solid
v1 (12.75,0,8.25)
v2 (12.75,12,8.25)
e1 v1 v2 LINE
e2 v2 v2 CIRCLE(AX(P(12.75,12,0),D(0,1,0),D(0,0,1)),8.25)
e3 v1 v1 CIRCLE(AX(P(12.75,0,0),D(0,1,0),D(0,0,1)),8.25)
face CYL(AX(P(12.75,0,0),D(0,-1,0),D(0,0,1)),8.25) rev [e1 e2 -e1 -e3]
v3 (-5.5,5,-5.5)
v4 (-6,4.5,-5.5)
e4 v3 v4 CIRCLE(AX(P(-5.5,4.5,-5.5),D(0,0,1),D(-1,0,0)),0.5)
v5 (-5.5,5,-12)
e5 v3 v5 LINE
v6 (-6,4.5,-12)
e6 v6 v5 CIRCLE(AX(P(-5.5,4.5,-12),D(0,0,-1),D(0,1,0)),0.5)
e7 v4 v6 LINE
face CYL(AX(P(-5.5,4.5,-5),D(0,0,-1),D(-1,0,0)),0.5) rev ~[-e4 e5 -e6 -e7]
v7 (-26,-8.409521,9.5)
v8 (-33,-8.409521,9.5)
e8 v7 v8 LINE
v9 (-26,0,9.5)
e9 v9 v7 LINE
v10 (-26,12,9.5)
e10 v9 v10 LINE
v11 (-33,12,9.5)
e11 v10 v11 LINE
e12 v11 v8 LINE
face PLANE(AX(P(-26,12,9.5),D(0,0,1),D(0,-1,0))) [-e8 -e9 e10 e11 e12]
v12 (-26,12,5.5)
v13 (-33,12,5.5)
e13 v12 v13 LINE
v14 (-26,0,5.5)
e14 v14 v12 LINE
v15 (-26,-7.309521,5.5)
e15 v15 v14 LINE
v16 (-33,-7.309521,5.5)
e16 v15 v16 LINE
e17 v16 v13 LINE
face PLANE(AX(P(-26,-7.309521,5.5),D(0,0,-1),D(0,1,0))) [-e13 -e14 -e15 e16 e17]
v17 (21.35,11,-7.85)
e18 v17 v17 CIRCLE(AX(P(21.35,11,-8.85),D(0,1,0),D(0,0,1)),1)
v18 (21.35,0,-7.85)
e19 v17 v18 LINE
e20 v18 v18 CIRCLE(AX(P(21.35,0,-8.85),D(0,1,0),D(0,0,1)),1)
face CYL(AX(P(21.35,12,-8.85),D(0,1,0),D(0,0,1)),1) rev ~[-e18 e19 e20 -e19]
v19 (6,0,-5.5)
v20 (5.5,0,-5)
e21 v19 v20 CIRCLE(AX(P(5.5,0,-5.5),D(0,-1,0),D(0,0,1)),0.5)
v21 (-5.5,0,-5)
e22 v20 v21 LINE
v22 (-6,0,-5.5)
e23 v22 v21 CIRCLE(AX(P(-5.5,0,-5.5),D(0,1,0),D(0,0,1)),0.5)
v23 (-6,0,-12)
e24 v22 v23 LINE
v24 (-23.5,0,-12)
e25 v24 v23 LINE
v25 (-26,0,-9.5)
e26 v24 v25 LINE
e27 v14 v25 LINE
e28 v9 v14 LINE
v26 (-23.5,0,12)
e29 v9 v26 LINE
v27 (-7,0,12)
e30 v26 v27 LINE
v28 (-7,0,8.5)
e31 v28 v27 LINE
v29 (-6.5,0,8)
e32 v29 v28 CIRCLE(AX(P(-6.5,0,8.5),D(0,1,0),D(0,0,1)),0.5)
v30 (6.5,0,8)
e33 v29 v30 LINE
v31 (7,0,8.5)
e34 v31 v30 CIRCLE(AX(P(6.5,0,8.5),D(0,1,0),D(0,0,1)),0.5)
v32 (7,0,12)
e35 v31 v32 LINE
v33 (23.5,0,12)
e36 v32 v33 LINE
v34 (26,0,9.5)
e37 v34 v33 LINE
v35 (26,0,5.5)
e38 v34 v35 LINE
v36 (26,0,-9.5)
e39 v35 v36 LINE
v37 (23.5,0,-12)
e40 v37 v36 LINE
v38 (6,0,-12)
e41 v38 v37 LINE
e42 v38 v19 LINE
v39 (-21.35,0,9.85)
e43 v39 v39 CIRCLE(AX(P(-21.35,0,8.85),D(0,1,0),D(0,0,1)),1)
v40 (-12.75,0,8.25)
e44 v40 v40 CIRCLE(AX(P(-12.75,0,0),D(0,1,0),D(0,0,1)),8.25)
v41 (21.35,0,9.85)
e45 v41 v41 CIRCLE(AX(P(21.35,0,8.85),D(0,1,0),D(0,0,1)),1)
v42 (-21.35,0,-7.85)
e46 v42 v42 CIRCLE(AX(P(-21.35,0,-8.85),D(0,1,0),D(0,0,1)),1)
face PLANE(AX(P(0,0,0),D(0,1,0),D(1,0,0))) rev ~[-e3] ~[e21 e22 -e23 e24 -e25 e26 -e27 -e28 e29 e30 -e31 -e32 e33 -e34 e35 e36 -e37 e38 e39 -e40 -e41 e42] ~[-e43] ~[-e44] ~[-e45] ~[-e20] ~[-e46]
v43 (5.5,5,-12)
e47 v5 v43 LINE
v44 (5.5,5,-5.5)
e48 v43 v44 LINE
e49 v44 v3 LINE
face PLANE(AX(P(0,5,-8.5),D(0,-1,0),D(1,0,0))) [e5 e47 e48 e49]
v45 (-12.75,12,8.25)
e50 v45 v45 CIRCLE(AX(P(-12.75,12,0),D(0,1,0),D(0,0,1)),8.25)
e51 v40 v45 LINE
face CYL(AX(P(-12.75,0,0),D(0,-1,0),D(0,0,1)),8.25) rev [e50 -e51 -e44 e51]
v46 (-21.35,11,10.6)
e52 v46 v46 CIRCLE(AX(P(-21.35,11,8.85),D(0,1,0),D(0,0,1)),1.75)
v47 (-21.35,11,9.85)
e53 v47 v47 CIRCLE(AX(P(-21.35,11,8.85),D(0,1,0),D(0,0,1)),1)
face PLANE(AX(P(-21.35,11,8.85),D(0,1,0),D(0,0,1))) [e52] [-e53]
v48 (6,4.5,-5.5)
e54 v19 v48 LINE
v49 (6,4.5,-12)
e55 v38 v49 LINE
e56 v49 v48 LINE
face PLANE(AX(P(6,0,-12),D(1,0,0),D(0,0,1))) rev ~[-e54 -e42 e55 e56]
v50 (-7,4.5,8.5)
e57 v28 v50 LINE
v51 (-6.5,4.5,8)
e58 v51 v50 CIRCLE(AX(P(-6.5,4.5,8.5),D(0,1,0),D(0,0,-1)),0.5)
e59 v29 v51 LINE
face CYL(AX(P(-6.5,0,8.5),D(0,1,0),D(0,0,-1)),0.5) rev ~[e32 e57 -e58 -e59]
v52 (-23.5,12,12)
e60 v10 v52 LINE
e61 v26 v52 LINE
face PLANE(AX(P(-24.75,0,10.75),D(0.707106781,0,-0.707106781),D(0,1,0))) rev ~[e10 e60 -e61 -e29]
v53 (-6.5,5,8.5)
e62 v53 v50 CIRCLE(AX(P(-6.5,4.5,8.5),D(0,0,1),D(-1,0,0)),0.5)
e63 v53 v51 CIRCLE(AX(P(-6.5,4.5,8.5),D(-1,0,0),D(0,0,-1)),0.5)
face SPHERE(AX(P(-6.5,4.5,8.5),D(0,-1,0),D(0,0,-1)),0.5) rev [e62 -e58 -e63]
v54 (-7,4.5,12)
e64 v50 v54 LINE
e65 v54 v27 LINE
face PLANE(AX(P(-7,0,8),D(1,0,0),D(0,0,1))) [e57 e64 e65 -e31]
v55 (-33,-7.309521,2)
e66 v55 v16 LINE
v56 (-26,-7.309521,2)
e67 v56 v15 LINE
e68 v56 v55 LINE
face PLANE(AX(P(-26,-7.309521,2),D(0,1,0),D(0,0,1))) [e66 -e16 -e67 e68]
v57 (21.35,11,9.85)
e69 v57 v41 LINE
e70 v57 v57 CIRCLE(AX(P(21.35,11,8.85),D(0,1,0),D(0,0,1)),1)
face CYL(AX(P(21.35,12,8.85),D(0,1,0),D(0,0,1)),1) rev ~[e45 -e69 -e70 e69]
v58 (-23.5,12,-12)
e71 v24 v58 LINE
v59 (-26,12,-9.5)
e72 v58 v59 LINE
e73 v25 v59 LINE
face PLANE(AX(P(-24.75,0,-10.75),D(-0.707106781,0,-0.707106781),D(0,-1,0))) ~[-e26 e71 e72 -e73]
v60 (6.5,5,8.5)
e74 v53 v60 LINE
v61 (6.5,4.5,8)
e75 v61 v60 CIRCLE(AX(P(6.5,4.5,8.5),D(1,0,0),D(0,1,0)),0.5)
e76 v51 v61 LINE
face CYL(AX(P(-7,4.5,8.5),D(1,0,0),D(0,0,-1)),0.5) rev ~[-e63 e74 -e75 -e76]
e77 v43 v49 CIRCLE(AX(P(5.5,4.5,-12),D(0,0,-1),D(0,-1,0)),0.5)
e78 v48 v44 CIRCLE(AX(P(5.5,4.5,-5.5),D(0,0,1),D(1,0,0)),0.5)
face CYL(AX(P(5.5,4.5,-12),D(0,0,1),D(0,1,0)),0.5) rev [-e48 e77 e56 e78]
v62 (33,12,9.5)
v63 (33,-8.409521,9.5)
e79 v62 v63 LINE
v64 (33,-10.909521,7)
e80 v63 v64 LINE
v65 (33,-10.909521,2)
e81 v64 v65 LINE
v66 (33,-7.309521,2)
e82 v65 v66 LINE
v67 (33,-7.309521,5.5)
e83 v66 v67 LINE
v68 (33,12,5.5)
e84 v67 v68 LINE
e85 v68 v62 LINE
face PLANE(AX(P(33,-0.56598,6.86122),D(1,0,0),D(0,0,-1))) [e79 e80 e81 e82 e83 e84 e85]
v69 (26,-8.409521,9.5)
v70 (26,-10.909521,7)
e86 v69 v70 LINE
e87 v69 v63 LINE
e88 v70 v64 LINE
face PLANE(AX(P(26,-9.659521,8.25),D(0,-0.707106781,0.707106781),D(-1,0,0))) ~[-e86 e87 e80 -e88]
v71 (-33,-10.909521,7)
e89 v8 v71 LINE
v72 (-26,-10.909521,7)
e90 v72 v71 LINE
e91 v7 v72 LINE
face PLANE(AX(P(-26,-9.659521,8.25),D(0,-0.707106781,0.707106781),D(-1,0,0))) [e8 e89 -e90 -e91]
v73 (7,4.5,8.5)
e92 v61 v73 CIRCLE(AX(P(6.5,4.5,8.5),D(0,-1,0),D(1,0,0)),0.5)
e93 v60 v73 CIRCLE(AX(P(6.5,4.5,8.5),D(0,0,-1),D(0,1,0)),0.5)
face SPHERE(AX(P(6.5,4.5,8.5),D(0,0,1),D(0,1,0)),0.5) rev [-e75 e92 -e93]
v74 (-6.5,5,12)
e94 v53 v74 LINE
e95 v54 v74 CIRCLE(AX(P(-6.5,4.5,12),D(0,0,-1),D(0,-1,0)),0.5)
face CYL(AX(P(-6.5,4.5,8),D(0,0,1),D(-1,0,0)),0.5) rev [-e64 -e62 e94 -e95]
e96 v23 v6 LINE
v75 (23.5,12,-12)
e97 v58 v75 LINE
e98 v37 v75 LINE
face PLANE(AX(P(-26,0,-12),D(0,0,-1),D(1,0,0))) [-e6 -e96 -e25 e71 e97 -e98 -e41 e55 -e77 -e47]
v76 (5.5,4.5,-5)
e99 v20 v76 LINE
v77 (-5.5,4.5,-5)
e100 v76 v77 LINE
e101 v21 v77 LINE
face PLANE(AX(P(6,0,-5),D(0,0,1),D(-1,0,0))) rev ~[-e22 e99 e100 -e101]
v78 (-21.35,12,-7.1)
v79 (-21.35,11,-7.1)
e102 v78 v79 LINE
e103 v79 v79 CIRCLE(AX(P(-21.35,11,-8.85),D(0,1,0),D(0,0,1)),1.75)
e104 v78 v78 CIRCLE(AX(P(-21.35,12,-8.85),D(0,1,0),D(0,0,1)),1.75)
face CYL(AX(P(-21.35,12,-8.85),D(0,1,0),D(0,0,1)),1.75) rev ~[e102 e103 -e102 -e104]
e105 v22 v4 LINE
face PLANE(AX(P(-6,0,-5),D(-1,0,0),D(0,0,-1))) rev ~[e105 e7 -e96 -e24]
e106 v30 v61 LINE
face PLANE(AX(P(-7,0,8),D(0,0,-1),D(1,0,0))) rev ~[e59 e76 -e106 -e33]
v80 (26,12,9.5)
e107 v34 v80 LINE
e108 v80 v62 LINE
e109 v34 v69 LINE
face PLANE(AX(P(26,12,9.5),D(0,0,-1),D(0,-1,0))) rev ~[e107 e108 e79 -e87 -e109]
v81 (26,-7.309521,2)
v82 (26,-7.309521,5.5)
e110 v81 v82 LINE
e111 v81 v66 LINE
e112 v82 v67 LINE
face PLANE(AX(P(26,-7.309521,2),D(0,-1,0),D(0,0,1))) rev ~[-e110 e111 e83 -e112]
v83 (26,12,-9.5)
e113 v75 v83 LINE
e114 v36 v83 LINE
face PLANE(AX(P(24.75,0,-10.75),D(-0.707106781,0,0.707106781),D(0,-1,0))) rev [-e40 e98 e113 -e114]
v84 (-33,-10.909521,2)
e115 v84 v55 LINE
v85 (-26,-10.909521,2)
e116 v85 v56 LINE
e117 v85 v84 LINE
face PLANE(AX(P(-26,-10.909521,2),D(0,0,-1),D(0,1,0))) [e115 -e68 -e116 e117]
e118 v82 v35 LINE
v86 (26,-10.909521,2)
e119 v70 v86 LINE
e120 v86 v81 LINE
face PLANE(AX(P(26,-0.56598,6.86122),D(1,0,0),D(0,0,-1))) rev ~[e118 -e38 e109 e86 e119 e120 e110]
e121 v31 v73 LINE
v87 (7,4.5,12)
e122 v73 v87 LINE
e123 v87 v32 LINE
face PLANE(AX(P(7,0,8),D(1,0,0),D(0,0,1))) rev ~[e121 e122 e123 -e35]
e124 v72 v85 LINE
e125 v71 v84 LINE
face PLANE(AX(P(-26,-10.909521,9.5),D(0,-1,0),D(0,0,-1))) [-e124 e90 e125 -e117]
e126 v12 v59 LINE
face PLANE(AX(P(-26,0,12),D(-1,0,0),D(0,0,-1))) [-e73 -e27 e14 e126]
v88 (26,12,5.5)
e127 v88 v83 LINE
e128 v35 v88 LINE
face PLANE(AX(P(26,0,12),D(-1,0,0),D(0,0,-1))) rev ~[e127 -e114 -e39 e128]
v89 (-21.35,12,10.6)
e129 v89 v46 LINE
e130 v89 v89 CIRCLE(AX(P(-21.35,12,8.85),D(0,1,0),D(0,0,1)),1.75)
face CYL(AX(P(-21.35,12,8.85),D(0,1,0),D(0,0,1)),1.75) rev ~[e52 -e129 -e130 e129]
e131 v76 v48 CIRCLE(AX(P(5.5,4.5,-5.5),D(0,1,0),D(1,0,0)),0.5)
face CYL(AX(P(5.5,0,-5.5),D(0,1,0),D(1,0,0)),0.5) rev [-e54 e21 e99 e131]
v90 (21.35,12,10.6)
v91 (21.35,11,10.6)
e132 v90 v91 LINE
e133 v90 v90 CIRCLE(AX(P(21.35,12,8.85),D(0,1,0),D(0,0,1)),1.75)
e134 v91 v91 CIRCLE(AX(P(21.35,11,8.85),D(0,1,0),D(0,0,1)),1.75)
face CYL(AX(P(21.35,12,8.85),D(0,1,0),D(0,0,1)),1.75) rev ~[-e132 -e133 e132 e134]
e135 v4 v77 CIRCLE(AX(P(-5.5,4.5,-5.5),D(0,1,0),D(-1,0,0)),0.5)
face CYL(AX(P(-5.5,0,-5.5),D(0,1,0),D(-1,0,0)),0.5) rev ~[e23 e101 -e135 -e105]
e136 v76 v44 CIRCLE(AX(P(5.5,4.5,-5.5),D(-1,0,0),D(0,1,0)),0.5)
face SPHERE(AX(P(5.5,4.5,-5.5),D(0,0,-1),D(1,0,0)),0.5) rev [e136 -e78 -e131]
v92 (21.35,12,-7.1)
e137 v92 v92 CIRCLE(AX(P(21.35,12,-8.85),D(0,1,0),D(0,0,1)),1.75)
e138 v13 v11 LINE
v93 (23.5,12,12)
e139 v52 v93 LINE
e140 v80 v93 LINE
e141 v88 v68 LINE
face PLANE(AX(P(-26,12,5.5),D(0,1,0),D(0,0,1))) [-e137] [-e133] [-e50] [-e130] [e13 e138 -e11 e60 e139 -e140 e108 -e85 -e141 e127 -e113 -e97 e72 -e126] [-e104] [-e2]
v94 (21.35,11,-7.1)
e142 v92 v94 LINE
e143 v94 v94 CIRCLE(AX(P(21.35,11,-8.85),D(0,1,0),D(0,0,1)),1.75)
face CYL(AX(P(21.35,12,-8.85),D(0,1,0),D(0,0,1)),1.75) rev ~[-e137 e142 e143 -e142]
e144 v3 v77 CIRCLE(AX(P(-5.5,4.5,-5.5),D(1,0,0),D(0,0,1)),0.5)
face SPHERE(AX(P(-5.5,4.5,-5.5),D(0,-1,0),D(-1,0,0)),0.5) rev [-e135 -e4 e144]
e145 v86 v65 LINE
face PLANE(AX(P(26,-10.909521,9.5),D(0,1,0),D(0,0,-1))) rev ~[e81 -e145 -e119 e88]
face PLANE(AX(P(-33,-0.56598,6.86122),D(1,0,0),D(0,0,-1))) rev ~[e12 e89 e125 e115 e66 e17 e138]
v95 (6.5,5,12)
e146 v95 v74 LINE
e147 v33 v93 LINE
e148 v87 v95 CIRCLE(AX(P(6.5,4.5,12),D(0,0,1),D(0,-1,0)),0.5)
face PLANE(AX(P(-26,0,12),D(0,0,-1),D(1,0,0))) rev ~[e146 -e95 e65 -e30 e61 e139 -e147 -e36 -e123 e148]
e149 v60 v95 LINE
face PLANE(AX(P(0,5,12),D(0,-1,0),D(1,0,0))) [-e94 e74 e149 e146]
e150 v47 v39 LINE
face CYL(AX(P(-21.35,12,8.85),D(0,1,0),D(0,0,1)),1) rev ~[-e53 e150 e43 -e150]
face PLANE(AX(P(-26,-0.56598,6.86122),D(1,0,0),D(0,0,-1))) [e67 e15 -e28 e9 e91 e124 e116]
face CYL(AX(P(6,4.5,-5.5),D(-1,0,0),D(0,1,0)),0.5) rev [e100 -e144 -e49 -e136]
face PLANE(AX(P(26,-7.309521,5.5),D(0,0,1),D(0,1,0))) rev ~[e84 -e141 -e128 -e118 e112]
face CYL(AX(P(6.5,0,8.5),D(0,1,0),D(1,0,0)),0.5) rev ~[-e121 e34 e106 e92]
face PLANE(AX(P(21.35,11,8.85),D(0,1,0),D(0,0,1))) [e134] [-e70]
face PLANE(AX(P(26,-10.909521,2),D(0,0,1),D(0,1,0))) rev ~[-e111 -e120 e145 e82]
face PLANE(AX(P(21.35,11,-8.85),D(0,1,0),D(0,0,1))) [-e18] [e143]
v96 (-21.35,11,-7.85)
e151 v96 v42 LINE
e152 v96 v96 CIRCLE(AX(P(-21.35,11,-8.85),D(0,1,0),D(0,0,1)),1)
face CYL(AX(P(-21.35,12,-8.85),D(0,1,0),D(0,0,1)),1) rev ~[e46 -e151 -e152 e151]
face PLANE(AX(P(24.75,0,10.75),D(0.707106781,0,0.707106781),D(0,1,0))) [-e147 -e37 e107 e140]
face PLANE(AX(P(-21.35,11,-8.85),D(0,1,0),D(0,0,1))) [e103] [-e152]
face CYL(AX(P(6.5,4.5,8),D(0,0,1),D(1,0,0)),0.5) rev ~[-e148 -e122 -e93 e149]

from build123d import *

# Parameters (mm, degrees)
SKETCH1_W           = 52
SKETCH1_H           = 24
SKETCH1_R           = 8.25
BOSS_EXTRUDE1_DEPTH = 12
SKETCH2_R           = 1
CUT_EXTRUDE1_DEPTH  = 32.048349393
SKETCH3_R           = 1.75
CUT_EXTRUDE2_DEPTH  = 1
CUT_EXTRUDE3_DEPTH  = 5
FILLET3_R           = 0.5
CHAMFER1_SIZE       = 2.5
SKETCH5_W           = 14
SKETCH5_H           = 8
CUT_EXTRUDE4_DEPTH  = 5
FILLET4_R           = 0.5
BOSS_EXTRUDE2_DEPTH = 7
BOSS_EXTRUDE3_START = -52
BOSS_EXTRUDE3_DEPTH = 7
CHAMFER2_SIZE       = 2.5


with BuildPart() as part:
    # Sketch1 → Boss-Extrude1 (new body)
    with BuildSketch(Plane(origin=(0, 0, 0), x_dir=(1, 0, 0), z_dir=(0, 1, 0))):
        Rectangle(SKETCH1_W, SKETCH1_H)
        with Locations(Location((12.75, 0, 0), (0, 0, 270))):
            Circle(SKETCH1_R, mode=Mode.SUBTRACT)
        with Locations(Location((-12.75, 0, 0), (0, 0, 270))):
            Circle(SKETCH1_R, mode=Mode.SUBTRACT)
    extrude(amount=BOSS_EXTRUDE1_DEPTH)

    # Sketch2 → Cut-Extrude1 (cut, through all)
    with BuildSketch(Plane(origin=(0, 12, 0), x_dir=(1, 0, 0), z_dir=(0, 1, 0))):
        with Locations(Location((-21.35, 8.85, 0), (0, 0, 270))):
            Circle(SKETCH2_R)
        with Locations(Location((21.35, 8.85, 0), (0, 0, 270))):
            Circle(SKETCH2_R)
        with Locations(Location((21.35, -8.85, 0), (0, 0, 270))):
            Circle(SKETCH2_R)
        with Locations(Location((-21.35, -8.85, 0), (0, 0, 270))):
            Circle(SKETCH2_R)
    extrude(amount=-CUT_EXTRUDE1_DEPTH, mode=Mode.SUBTRACT)

    # Sketch3 → Cut-Extrude2 (cut)
    with BuildSketch(Plane(origin=(0, 12, 0), x_dir=(1, 0, 0), z_dir=(0, 1, 0))):
        with Locations(Location((-21.35, 8.85, 0), (0, 0, 270))):
            Circle(SKETCH3_R)
        with Locations(Location((21.35, 8.85, 0), (0, 0, 270))):
            Circle(SKETCH3_R)
        with Locations(Location((21.35, -8.85, 0), (0, 0, 270))):
            Circle(SKETCH3_R)
        with Locations(Location((-21.35, -8.85, 0), (0, 0, 270))):
            Circle(SKETCH3_R)
    extrude(amount=-CUT_EXTRUDE2_DEPTH, mode=Mode.SUBTRACT)

    # Sketch4 → Cut-Extrude3 (cut)
    with BuildSketch(Plane.XZ):
        Polygon((-6, -5), (-6, -12), (6, -12), (6, -5), (0, -5), align=None)
    extrude(amount=-CUT_EXTRUDE3_DEPTH, mode=Mode.SUBTRACT)

    # Fillet3
    fillet3_edges = [part.edges().sort_by_distance(p)[0] for p in [
        (-6, 2.5, -5),
        (6, 5, -8.5),
        (6, 2.5, -5),
        (-6, 5, -8.5),
        (0, 5, -5),
    ]]
    fillet(fillet3_edges, radius=FILLET3_R)

    # Chamfer1
    chamfer1_edges = [part.edges().sort_by_distance(p)[0] for p in [
        (26, 6, 12),
        (-26, 6, 12),
        (-26, 6, -12),
        (26, 6, -12),
    ]]
    chamfer(chamfer1_edges, length=CHAMFER1_SIZE)

    # Sketch5 → Cut-Extrude4 (cut)
    with BuildSketch(Plane.XZ):
        with Locations((0, 12)):
            Rectangle(SKETCH5_W, SKETCH5_H)
    extrude(amount=-CUT_EXTRUDE4_DEPTH, mode=Mode.SUBTRACT)

    # Fillet4
    fillet4_edges = [part.edges().sort_by_distance(p)[0] for p in [
        (-7, 2.5, 8),
        (7, 5, 10),
        (0, 5, 8),
        (-7, 5, 10),
        (7, 2.5, 8),
    ]]
    fillet(fillet4_edges, radius=FILLET4_R)

    # Sketch6 → Boss-Extrude2 (add)
    with BuildSketch(Plane(origin=(26, 0, 0), x_dir=(0, 0, -1), z_dir=(1, 0, 0))):
        Polygon((-5.5, 0), (-5.5, 12), (-9.5, 12), (-9.5, -10.909520595), (-2, -10.909520595), (-2, -7.309520595), (-5.5, -7.309520595), align=None)
    extrude(amount=BOSS_EXTRUDE2_DEPTH)

    # Sketch6<2> → Boss-Extrude3 (add)
    with BuildSketch(Plane(origin=(26, 0, 0), x_dir=(0, 0, -1), z_dir=(1, 0, 0)).offset(BOSS_EXTRUDE3_START)):
        Polygon((-5.5, 0), (-5.5, 12), (-9.5, 12), (-9.5, -10.909520595), (-2, -10.909520595), (-2, -7.309520595), (-5.5, -7.309520595), align=None)
    extrude(amount=-BOSS_EXTRUDE3_DEPTH)

    # Chamfer2
    chamfer2_edges = [part.edges().sort_by_distance(p)[0] for p in [
        (29.5, -10.909520595, 9.5),
        (-29.5, -10.909520595, 9.5),
    ]]
    chamfer(chamfer2_edges, length=CHAMFER2_SIZE)


solid = part.part
